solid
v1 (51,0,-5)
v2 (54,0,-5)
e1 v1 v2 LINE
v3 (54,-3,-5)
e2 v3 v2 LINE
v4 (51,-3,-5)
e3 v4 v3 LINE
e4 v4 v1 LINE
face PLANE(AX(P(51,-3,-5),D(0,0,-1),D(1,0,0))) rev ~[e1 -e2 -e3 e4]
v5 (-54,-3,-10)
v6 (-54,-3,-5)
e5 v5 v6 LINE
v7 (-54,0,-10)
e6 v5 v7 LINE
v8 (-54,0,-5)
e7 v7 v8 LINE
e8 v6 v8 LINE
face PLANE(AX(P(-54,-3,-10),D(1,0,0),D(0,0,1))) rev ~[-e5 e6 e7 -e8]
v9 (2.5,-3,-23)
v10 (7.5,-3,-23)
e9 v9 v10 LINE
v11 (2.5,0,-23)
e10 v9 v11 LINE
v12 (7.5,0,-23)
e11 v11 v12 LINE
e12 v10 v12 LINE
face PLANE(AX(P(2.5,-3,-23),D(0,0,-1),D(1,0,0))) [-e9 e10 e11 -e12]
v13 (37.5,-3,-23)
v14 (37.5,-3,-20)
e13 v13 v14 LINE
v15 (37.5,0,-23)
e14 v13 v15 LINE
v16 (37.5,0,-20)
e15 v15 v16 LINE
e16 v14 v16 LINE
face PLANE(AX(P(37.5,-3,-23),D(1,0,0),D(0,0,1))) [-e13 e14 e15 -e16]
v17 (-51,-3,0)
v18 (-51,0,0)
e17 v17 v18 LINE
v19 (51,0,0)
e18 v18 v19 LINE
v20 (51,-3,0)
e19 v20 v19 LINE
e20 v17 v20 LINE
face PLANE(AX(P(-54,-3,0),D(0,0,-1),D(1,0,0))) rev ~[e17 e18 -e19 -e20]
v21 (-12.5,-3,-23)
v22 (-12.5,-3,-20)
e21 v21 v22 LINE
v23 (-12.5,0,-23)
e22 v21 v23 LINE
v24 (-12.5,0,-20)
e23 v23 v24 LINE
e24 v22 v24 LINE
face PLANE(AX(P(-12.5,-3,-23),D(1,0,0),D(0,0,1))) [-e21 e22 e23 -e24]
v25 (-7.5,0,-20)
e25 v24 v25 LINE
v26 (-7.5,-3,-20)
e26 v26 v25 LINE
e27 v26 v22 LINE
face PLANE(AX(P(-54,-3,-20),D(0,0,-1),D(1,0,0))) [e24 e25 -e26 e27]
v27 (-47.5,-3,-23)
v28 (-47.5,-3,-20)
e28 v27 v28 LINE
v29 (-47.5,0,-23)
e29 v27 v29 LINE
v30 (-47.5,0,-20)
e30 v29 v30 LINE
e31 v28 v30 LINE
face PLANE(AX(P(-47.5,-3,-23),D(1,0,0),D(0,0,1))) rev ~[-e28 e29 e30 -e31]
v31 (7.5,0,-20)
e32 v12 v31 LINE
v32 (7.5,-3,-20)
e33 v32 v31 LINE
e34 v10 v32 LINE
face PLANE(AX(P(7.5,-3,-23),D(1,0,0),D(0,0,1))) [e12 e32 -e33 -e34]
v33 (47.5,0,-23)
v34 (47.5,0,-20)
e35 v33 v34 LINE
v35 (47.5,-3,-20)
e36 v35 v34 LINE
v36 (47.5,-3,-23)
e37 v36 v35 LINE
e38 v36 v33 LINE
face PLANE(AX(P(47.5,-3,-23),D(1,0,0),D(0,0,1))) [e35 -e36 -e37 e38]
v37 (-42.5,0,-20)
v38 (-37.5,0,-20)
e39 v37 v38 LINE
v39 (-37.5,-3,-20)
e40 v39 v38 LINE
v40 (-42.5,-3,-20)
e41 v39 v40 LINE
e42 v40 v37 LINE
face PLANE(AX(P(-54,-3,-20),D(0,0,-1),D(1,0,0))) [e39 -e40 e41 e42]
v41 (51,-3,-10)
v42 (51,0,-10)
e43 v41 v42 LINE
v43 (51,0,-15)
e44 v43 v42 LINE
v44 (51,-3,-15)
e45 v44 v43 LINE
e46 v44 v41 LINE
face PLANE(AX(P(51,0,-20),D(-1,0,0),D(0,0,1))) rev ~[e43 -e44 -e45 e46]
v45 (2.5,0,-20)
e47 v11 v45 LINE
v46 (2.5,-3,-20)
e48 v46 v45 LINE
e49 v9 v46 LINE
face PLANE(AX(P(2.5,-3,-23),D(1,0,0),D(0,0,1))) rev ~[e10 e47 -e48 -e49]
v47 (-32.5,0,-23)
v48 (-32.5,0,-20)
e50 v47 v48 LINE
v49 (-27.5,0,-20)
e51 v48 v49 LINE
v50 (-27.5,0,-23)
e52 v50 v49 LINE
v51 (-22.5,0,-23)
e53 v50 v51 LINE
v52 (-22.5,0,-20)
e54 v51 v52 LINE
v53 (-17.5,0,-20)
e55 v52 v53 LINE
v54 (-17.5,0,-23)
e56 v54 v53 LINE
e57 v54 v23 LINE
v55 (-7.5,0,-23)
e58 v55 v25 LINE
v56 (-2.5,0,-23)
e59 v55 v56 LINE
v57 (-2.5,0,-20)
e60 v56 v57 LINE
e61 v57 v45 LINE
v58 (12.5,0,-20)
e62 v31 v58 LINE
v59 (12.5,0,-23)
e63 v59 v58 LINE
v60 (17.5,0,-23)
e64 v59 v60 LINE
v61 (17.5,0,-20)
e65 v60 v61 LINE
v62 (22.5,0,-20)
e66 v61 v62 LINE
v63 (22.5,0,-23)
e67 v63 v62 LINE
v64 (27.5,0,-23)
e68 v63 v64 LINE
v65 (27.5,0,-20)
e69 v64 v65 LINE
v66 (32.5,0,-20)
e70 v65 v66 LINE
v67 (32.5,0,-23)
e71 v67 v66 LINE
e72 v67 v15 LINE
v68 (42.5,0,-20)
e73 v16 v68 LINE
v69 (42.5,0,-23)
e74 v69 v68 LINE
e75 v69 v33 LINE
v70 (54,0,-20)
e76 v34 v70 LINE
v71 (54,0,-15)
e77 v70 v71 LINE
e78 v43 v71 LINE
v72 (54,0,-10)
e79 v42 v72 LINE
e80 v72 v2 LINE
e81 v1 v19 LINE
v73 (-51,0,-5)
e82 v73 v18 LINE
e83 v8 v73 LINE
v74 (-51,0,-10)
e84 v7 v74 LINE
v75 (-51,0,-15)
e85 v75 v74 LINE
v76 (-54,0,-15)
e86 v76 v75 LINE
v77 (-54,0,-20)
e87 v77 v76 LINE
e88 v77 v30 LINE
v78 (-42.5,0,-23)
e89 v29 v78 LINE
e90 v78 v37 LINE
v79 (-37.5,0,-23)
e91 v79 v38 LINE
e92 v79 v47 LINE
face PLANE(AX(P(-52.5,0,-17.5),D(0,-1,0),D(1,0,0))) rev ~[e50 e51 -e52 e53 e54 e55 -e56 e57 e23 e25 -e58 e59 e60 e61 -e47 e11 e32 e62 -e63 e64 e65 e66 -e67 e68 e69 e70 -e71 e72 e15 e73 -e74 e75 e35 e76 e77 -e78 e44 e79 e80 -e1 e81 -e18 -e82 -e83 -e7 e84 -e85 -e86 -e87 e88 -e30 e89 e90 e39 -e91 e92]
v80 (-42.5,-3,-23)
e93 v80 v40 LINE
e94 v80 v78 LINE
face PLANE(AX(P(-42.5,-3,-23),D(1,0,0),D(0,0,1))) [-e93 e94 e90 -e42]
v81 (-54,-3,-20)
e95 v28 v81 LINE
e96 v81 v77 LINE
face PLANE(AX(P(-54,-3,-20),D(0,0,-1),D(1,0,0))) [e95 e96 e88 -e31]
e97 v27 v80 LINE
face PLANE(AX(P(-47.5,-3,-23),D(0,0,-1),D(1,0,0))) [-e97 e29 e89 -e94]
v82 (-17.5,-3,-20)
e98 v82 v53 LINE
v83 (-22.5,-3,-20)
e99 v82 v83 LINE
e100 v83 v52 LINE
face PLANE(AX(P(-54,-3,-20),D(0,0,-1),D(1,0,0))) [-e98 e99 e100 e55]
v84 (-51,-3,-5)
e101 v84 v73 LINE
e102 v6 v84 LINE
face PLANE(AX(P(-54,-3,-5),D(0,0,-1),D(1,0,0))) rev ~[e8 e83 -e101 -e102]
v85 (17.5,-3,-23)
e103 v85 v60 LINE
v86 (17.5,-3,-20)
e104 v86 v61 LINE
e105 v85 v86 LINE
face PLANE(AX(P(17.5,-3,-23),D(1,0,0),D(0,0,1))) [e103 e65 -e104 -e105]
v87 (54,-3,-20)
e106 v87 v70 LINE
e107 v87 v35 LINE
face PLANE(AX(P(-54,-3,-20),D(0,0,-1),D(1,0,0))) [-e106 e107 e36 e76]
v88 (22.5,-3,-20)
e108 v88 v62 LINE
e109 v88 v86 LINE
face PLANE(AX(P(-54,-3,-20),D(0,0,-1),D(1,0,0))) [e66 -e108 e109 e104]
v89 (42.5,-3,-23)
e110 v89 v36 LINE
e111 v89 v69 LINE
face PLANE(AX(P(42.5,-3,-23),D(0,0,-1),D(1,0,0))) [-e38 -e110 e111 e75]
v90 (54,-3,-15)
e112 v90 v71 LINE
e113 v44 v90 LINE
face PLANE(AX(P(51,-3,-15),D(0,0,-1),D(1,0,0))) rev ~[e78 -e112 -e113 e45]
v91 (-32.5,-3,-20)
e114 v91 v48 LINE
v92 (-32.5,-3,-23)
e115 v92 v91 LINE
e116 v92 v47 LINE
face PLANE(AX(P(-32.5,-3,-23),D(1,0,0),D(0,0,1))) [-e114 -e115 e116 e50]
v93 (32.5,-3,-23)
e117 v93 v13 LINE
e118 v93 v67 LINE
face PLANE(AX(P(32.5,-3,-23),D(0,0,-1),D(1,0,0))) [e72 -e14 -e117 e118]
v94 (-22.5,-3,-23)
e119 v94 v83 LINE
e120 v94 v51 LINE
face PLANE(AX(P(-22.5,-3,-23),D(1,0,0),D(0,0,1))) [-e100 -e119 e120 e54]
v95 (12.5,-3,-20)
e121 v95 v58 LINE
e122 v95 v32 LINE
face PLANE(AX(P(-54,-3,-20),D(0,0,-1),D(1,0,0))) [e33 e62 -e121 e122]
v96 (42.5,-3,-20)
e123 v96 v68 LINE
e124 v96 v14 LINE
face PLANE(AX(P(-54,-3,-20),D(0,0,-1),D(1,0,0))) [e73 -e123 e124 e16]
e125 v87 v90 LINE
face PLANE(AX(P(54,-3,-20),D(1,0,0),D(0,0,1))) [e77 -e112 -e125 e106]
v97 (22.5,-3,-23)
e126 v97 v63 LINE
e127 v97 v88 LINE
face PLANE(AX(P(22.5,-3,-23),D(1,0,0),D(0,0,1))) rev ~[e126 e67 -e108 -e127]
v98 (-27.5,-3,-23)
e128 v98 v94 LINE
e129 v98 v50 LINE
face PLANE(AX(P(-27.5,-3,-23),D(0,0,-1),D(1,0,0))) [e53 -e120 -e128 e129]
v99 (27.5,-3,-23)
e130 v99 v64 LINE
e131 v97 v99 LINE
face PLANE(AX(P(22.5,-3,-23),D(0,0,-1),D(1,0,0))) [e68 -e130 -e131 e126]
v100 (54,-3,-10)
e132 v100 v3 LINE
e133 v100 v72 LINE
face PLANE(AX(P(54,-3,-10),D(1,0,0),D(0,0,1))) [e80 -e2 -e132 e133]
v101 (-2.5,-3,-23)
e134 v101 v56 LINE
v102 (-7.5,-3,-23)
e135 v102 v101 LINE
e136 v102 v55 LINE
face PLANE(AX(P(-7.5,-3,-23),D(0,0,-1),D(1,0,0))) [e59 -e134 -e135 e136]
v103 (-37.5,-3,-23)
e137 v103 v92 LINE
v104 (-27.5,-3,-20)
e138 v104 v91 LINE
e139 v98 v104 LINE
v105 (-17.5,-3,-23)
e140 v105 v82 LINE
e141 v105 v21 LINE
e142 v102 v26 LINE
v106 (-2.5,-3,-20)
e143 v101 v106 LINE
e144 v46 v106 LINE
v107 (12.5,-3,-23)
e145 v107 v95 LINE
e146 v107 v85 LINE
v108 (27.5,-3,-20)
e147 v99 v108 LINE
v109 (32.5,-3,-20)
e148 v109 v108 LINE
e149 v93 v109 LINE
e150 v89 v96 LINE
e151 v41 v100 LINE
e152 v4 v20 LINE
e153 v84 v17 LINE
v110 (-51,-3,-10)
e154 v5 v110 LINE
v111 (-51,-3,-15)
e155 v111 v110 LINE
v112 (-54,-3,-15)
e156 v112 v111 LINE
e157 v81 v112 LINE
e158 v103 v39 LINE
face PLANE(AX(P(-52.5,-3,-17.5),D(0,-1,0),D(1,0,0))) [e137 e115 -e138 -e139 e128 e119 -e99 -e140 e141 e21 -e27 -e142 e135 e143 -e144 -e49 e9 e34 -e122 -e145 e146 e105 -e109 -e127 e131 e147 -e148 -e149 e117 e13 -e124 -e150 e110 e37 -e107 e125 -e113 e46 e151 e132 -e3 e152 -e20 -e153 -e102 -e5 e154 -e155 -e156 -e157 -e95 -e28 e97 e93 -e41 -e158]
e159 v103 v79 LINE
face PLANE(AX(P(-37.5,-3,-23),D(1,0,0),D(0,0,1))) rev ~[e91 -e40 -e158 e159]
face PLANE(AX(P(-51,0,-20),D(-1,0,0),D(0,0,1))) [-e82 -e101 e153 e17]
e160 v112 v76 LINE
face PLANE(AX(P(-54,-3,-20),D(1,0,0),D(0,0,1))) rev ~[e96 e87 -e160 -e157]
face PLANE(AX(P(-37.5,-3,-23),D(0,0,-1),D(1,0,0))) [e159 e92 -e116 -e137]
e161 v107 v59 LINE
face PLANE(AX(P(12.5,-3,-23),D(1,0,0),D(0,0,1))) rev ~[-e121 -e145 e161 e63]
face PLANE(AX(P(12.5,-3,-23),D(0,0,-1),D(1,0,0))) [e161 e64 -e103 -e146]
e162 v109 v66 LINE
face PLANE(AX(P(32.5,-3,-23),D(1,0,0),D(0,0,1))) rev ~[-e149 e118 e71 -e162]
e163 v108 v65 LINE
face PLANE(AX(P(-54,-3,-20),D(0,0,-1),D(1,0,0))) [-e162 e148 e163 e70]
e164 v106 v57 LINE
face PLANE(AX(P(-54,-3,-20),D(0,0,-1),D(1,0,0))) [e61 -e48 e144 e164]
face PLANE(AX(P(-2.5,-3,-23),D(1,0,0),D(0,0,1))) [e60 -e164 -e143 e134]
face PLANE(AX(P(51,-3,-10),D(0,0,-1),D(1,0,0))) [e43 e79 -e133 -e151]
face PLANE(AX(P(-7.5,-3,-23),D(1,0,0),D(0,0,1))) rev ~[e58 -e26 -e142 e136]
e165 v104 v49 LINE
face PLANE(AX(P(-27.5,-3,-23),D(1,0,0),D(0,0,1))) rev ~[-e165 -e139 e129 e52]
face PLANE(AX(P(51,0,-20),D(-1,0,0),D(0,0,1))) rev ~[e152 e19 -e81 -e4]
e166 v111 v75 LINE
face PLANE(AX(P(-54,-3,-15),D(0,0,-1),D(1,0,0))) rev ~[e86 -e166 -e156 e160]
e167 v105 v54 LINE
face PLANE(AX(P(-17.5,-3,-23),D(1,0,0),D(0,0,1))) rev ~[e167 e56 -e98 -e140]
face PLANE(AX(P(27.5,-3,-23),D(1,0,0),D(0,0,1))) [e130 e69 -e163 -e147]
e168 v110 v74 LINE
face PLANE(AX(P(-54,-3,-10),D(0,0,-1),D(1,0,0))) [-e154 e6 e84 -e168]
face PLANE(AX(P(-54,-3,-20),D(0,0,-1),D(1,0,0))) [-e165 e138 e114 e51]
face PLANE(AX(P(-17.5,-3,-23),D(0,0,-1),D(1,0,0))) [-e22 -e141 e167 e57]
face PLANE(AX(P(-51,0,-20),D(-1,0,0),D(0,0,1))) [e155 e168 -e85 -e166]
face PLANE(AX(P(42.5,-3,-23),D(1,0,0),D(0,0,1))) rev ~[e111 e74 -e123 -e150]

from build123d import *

# Parameters (mm, degrees)
F0_W     = 102
F0_H     = 40
F1_DEPTH = 3
F2_W     = 3
F2_H     = 5
F3_DEPTH = 3
F4_W     = 5
F4_H     = 3
F5_DEPTH = 3
F6_W     = 109.860795
F6_H     = 22.121532
F7_DEPTH = 25


with BuildPart() as f1:
    # F0 (on Front) → F1 (new body)
    with BuildSketch(Plane.XZ):
        Rectangle(F0_W, F0_H)
    extrude(amount=F1_DEPTH)

    # F2 (on face) → F3 (join)
    with BuildSketch(Plane.XZ.offset(3)):
        with Locations((-52.5, -17.5)):
            Rectangle(F2_W, F2_H)
        with Locations((-52.5, -7.5)):
            Rectangle(F2_W, F2_H)
        with Locations((-52.5, 2.5)):
            Rectangle(F2_W, F2_H)
        with Locations((-52.5, 12.5)):
            Rectangle(F2_W, F2_H)
        with Locations((52.5, -7.5)):
            Rectangle(F2_W, F2_H)
        with Locations((52.5, -17.5)):
            Rectangle(F2_W, F2_H)
        with Locations((52.5, 12.5)):
            Rectangle(F2_W, F2_H)
        with Locations((52.5, 2.5)):
            Rectangle(F2_W, F2_H)
    extrude(amount=-F3_DEPTH)

    # F4 (on face) → F5 (join)
    with BuildSketch(Plane.XZ.offset(3)):
        with Locations((5, -21.5)):
            Rectangle(F4_W, F4_H)
        with Locations((15, -21.5)):
            Rectangle(F4_W, F4_H)
        with Locations((25, -21.5)):
            Rectangle(F4_W, F4_H)
        with Locations((35, -21.5)):
            Rectangle(F4_W, F4_H)
        with Locations((45, -21.5)):
            Rectangle(F4_W, F4_H)
        with Locations((-25, -21.5)):
            Rectangle(F4_W, F4_H)
        with Locations((-15, -21.5)):
            Rectangle(F4_W, F4_H)
        with Locations((-5, -21.5)):
            Rectangle(F4_W, F4_H)
        with Locations((-35, -21.5)):
            Rectangle(F4_W, F4_H)
        with Locations((-45, -21.5)):
            Rectangle(F4_W, F4_H)
    extrude(amount=-F5_DEPTH)

    # F6 (on face) → F7 (cut)
    with BuildSketch(Plane.XZ.offset(3)):
        with Locations((0.930397, 11.060766)):
            Rectangle(F6_W, F6_H)
    extrude(amount=-F7_DEPTH, mode=Mode.SUBTRACT)


solid = f1.part
